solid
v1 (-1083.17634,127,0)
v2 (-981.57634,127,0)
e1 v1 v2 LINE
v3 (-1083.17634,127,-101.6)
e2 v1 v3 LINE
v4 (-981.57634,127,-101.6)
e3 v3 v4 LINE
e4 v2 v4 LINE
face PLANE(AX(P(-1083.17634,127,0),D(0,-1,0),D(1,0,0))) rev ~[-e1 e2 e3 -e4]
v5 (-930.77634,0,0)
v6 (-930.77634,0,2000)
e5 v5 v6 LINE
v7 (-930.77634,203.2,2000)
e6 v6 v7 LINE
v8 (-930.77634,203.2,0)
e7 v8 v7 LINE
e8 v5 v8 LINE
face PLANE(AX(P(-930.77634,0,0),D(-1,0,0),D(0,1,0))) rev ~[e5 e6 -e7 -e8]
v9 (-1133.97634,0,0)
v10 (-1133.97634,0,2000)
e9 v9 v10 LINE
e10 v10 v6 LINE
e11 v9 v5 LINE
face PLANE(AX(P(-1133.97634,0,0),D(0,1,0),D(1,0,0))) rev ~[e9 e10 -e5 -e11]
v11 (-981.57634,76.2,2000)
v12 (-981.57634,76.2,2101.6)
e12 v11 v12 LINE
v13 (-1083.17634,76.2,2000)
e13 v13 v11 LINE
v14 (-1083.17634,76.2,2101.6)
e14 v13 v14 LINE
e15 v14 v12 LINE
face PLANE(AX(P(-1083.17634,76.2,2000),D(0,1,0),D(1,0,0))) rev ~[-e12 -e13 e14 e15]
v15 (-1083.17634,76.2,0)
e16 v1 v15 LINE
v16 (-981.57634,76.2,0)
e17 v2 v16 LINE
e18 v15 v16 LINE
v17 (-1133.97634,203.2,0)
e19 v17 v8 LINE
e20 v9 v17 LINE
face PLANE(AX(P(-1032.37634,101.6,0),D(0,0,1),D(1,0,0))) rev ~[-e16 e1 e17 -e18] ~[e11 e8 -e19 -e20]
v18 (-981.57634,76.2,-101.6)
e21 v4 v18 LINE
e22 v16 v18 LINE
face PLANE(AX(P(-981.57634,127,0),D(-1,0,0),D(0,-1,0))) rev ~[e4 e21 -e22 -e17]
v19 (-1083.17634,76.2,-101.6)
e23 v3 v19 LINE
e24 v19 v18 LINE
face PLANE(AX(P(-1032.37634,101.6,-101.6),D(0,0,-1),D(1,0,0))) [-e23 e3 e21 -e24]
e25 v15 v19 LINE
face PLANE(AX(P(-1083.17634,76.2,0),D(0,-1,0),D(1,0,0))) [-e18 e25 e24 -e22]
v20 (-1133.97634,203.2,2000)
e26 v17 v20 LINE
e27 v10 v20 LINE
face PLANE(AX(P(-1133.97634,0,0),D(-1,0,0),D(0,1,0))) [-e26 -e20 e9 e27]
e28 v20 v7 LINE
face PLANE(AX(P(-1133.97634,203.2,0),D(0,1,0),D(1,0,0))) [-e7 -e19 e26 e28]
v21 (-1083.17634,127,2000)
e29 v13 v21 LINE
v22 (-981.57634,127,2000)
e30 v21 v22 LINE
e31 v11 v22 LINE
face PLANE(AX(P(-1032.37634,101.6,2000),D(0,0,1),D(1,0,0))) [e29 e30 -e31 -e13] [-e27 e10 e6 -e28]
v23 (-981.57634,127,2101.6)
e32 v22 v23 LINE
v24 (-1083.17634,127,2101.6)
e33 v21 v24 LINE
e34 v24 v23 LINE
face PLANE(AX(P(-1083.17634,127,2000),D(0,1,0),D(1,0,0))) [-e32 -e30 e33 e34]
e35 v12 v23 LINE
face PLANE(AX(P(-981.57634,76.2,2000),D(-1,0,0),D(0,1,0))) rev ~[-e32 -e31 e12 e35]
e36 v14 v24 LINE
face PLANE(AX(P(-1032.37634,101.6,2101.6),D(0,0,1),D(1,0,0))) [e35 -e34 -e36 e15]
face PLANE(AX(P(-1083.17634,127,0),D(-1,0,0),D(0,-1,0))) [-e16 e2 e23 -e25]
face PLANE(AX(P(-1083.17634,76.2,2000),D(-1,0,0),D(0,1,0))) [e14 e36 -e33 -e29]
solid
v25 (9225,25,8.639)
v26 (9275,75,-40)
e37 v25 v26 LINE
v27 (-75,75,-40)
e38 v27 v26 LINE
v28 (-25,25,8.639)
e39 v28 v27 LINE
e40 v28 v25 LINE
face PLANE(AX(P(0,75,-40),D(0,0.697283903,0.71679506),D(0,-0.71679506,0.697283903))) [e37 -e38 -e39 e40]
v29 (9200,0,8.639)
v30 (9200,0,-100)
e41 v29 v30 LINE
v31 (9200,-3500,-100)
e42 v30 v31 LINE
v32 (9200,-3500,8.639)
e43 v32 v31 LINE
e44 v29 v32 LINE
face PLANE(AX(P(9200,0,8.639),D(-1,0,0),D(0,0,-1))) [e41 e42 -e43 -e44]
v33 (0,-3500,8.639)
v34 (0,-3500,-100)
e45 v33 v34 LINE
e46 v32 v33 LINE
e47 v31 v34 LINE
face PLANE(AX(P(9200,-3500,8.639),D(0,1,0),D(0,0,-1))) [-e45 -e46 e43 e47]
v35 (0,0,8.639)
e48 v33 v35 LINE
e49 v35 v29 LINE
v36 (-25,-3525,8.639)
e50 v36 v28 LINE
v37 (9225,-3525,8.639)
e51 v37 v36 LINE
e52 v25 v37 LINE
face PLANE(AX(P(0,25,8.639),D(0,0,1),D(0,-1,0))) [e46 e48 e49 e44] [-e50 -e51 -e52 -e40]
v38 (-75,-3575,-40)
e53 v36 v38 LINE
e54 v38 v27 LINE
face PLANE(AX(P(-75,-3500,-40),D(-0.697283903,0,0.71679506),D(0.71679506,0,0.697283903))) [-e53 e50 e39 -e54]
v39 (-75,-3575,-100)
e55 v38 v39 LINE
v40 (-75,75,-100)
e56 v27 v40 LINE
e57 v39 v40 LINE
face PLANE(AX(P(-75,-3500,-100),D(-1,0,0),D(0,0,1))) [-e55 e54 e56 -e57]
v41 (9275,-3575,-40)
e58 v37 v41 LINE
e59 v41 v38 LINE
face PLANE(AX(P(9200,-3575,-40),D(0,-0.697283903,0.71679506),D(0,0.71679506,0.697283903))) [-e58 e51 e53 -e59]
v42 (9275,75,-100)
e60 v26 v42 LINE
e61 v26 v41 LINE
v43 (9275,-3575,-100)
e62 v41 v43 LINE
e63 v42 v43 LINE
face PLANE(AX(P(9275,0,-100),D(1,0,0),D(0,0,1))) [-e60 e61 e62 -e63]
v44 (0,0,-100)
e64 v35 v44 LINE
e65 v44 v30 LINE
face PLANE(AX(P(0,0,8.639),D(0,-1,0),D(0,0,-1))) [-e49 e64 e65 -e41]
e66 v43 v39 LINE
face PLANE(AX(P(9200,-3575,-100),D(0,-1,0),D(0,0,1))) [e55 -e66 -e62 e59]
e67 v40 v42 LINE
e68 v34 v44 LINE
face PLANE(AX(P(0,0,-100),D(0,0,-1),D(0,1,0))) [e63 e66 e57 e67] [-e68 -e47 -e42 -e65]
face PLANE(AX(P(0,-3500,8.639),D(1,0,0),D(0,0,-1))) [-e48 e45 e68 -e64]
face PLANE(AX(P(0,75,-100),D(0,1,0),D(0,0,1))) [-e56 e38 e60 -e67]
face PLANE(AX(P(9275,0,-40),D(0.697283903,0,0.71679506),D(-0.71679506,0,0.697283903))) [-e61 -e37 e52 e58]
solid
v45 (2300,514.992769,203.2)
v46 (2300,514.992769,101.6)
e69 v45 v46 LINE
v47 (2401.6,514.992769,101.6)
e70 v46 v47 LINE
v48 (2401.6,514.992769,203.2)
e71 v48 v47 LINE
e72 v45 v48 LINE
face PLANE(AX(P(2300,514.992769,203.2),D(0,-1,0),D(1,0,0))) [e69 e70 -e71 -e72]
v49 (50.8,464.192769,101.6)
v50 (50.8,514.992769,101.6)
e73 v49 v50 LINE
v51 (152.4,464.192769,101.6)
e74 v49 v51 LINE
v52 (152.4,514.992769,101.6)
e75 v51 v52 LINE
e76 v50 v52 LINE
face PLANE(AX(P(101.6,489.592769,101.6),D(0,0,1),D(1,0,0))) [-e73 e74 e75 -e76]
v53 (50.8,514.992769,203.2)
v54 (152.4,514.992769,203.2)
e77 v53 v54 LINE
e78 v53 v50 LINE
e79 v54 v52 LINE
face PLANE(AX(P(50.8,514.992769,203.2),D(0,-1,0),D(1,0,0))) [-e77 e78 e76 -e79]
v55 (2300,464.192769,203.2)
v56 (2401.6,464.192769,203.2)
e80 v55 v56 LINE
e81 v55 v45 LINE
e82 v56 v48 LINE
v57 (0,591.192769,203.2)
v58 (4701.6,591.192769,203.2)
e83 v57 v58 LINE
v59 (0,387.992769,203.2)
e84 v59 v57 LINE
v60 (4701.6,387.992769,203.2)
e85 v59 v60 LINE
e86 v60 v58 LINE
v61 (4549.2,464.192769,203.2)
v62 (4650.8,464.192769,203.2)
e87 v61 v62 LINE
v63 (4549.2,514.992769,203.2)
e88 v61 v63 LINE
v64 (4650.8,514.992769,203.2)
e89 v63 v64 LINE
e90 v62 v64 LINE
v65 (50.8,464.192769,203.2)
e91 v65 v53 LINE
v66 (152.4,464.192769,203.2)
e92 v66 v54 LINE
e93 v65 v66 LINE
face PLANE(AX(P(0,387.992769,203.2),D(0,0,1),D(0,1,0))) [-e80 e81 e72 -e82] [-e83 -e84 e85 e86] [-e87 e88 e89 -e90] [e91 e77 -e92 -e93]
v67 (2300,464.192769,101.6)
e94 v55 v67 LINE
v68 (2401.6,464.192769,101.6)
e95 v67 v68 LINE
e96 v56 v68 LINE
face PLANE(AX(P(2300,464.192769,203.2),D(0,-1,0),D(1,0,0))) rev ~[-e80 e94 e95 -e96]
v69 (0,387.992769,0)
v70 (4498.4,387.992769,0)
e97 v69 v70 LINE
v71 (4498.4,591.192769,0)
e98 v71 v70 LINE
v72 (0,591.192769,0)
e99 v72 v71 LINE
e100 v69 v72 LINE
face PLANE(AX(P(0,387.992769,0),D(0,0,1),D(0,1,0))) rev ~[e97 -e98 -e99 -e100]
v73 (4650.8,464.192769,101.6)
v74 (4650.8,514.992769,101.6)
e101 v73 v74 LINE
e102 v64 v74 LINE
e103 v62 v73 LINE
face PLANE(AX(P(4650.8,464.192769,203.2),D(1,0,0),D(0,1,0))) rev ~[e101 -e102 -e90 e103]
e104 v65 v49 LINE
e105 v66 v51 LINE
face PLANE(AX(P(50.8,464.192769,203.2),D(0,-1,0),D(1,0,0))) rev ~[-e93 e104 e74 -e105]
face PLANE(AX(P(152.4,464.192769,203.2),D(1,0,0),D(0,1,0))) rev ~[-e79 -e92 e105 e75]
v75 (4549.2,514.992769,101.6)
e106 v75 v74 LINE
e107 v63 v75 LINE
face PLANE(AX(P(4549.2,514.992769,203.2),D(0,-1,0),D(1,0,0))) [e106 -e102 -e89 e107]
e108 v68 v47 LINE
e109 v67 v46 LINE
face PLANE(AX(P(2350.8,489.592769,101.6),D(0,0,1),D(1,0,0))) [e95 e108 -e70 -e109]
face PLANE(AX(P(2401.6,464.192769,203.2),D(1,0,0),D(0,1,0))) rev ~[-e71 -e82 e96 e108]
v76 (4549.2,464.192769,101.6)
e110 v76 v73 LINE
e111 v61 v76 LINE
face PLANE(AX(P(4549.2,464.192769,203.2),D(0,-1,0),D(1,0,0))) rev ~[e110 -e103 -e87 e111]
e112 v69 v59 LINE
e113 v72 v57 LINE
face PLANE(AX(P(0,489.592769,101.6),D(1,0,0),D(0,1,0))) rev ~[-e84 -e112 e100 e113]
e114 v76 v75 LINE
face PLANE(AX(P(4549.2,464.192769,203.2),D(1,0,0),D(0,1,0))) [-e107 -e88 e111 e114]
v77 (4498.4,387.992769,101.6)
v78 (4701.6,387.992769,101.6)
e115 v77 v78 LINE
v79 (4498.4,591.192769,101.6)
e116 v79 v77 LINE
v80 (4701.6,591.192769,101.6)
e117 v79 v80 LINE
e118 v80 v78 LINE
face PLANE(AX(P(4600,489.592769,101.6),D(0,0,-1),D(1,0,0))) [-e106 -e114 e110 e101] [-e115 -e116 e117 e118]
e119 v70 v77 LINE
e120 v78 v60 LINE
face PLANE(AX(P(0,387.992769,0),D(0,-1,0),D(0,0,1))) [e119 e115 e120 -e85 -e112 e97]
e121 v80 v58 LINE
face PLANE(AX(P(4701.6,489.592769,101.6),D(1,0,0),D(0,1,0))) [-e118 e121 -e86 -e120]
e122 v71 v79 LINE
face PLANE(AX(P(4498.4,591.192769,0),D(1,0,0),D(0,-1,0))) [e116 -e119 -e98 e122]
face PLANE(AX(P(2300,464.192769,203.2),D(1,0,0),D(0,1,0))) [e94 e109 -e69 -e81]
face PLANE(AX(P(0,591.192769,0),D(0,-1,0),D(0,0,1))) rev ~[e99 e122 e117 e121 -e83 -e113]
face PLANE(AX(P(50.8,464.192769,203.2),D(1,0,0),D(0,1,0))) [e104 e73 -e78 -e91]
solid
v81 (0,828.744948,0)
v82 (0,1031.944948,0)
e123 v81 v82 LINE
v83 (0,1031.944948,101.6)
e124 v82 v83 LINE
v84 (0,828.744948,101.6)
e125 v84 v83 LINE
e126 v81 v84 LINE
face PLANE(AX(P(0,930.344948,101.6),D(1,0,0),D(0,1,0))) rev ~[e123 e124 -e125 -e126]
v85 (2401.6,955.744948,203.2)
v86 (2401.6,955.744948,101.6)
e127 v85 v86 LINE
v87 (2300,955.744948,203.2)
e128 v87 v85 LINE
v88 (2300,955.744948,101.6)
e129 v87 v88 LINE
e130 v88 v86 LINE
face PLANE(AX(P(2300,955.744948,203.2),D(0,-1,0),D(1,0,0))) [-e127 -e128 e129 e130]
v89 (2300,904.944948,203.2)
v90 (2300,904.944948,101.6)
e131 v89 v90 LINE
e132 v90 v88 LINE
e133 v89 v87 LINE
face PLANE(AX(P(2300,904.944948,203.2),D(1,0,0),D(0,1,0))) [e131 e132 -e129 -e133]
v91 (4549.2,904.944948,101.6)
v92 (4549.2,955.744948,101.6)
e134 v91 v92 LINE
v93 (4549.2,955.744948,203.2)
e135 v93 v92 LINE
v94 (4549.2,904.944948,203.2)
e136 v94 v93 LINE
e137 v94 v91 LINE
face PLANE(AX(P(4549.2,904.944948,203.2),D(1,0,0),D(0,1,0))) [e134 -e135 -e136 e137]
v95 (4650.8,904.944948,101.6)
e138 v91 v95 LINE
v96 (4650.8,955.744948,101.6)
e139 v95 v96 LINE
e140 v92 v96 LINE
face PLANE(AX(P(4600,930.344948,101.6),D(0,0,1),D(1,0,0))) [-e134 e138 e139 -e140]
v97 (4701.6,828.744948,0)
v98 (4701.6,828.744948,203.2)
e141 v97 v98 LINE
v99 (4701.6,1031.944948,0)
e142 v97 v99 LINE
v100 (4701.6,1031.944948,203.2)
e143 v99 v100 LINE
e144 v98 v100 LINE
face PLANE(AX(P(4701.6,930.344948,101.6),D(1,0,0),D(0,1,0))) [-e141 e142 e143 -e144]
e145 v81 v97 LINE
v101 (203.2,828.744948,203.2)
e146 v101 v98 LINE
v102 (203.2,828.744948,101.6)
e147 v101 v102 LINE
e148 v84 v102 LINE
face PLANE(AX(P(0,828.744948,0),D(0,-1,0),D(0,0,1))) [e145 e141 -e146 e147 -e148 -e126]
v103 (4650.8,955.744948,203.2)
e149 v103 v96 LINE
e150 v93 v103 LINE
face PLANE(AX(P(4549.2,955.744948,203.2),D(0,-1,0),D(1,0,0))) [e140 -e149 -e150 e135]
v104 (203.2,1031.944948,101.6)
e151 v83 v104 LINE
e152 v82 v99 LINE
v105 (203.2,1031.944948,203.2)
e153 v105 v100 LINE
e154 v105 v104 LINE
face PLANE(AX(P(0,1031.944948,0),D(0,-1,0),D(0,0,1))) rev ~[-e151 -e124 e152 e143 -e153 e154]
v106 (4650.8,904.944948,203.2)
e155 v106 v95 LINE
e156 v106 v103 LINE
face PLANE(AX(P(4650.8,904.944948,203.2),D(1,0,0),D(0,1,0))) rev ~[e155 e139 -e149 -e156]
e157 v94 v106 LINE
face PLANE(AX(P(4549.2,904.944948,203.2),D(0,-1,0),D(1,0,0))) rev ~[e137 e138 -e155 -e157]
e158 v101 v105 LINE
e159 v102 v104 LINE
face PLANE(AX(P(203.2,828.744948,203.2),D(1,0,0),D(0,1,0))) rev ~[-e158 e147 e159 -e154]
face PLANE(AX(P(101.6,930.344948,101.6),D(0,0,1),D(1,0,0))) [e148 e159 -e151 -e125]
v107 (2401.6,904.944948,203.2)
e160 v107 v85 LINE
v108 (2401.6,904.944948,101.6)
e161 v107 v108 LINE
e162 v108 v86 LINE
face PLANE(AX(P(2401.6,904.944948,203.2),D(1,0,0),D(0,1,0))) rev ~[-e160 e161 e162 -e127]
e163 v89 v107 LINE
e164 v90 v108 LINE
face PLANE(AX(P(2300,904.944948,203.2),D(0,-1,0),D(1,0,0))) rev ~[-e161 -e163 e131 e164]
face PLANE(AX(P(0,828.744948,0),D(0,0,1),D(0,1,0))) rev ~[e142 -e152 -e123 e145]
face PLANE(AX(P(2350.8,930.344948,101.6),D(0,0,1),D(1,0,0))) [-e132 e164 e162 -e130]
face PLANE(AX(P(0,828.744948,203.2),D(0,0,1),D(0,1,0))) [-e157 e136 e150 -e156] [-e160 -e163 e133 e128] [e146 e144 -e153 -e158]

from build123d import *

# Parameters (mm, degrees)
F3_W      = 203.2
F3_H      = 203.2
F4_DEPTH  = 4701.6
F5_W      = 101.6
F5_H      = 50.8
F6_DEPTH  = 101.6
F7_W      = 203.2
F7_H      = 203.2
F8_DEPTH  = 101.6
F9_DEPTH  = 101.6
F10_W     = 203.2
F10_H     = 203.2
F11_DEPTH = 4701.6
F12_W     = 203.2
F12_H     = 203.2
F13_DEPTH = 101.6
F14_W     = 101.6
F14_H     = 50.8
F15_DEPTH = 101.6
F16_W     = 203.2
F16_H     = 203.2
F17_DEPTH = 2000
F18_W     = 101.6
F18_H     = 50.8
F19_DEPTH = 101.6
F20_W     = 101.6
F20_H     = 50.8
F21_DEPTH = 101.6


with BuildPart() as f2:
    # F2: sweep along a path in F0
    with BuildLine(Plane.XY) as f2_path:
        Line((0, 0), (9200, 0))
        Line((9200, 0), (9200, -3500))
        Line((9200, -3500), (0, -3500))
        Line((0, -3500), (0, 0))
    # F1 (on Right) → F2 (sweep)
    with BuildSketch(Plane.YZ):
        Polygon((0, 8.6390003562), (0, 0), (0, -100), (75, -100), (75, -40), (25, 8.6390003562), align=None)
    sweep(path=f2_path.line, transition=Transition.RIGHT)

    # F7 (on face) → F9 (cut)
    with BuildSketch(Plane(origin=(0, 0, 0), x_dir=(1, 0, 0), z_dir=(0, 0, -1))):
        with Locations((4600, -489.5927694798)):
            Rectangle(F7_W, F7_H)
    extrude(amount=-F9_DEPTH, mode=Mode.SUBTRACT)


with BuildPart() as f4:
    # F3 (on Right) → F4 (new body)
    with BuildSketch(Plane.YZ):
        with Locations((489.5927694798, 101.6)):
            Rectangle(F3_W, F3_H)
    extrude(amount=F4_DEPTH)

    # F5 (on face) → F6 (cut)
    with BuildSketch(Plane.XY.offset(203.2)):
        with Locations((4600, 489.5927694798)):
            Rectangle(F5_W, F5_H)
        with Locations((2350.8, 489.5927694798)):
            Rectangle(F5_W, F5_H)
        with Locations((101.6, 489.5927694798)):
            Rectangle(F5_W, F5_H)
    extrude(amount=-F6_DEPTH, mode=Mode.SUBTRACT)

    # F7 (on face) → F8 (cut)
    with BuildSketch(Plane(origin=(0, 0, 0), x_dir=(1, 0, 0), z_dir=(0, 0, -1))):
        with Locations((4600, -489.5927694798)):
            Rectangle(F7_W, F7_H)
    extrude(amount=-F8_DEPTH, mode=Mode.SUBTRACT)


with BuildPart() as f11:
    # F10 (on Right) → F11 (new body)
    with BuildSketch(Plane.YZ):
        with Locations((930.3449479103, 101.6)):
            Rectangle(F10_W, F10_H)
    extrude(amount=F11_DEPTH)

    # F12 (on face) → F13 (cut)
    with BuildSketch(Plane.XY.offset(203.2)):
        with Locations((101.6, 930.3449479103)):
            Rectangle(F12_W, F12_H)
    extrude(amount=-F13_DEPTH, mode=Mode.SUBTRACT)

    # F14 (on face) → F15 (cut)
    with BuildSketch(Plane.XY.offset(203.2)):
        with Locations((4600, 930.3449479103)):
            Rectangle(F14_W, F14_H)
        with Locations((2350.8, 930.3449479103)):
            Rectangle(F14_W, F14_H)
    extrude(amount=-F15_DEPTH, mode=Mode.SUBTRACT)


with BuildPart() as f17:
    # F16 (on Top) → F17 (new body)
    with BuildSketch(Plane.XY):
        with Locations((-1032.3763402939, 101.6)):
            Rectangle(F16_W, F16_H)
    extrude(amount=F17_DEPTH)

    # F18 (on face) → F19 (join)
    with BuildSketch(Plane.XY.offset(2000)):
        with Locations((-1032.3763402939, 101.6)):
            Rectangle(F18_W, F18_H)
    extrude(amount=F19_DEPTH)

    # F20 (on face) → F21 (join)
    with BuildSketch(Plane(origin=(0, 0, 0), x_dir=(1, 0, 0), z_dir=(0, 0, -1))):
        with Locations((-1032.3763402939, -101.6)):
            Rectangle(F20_W, F20_H)
    extrude(amount=F21_DEPTH)


solid = Compound([f2.part, f4.part, f11.part, f17.part])
